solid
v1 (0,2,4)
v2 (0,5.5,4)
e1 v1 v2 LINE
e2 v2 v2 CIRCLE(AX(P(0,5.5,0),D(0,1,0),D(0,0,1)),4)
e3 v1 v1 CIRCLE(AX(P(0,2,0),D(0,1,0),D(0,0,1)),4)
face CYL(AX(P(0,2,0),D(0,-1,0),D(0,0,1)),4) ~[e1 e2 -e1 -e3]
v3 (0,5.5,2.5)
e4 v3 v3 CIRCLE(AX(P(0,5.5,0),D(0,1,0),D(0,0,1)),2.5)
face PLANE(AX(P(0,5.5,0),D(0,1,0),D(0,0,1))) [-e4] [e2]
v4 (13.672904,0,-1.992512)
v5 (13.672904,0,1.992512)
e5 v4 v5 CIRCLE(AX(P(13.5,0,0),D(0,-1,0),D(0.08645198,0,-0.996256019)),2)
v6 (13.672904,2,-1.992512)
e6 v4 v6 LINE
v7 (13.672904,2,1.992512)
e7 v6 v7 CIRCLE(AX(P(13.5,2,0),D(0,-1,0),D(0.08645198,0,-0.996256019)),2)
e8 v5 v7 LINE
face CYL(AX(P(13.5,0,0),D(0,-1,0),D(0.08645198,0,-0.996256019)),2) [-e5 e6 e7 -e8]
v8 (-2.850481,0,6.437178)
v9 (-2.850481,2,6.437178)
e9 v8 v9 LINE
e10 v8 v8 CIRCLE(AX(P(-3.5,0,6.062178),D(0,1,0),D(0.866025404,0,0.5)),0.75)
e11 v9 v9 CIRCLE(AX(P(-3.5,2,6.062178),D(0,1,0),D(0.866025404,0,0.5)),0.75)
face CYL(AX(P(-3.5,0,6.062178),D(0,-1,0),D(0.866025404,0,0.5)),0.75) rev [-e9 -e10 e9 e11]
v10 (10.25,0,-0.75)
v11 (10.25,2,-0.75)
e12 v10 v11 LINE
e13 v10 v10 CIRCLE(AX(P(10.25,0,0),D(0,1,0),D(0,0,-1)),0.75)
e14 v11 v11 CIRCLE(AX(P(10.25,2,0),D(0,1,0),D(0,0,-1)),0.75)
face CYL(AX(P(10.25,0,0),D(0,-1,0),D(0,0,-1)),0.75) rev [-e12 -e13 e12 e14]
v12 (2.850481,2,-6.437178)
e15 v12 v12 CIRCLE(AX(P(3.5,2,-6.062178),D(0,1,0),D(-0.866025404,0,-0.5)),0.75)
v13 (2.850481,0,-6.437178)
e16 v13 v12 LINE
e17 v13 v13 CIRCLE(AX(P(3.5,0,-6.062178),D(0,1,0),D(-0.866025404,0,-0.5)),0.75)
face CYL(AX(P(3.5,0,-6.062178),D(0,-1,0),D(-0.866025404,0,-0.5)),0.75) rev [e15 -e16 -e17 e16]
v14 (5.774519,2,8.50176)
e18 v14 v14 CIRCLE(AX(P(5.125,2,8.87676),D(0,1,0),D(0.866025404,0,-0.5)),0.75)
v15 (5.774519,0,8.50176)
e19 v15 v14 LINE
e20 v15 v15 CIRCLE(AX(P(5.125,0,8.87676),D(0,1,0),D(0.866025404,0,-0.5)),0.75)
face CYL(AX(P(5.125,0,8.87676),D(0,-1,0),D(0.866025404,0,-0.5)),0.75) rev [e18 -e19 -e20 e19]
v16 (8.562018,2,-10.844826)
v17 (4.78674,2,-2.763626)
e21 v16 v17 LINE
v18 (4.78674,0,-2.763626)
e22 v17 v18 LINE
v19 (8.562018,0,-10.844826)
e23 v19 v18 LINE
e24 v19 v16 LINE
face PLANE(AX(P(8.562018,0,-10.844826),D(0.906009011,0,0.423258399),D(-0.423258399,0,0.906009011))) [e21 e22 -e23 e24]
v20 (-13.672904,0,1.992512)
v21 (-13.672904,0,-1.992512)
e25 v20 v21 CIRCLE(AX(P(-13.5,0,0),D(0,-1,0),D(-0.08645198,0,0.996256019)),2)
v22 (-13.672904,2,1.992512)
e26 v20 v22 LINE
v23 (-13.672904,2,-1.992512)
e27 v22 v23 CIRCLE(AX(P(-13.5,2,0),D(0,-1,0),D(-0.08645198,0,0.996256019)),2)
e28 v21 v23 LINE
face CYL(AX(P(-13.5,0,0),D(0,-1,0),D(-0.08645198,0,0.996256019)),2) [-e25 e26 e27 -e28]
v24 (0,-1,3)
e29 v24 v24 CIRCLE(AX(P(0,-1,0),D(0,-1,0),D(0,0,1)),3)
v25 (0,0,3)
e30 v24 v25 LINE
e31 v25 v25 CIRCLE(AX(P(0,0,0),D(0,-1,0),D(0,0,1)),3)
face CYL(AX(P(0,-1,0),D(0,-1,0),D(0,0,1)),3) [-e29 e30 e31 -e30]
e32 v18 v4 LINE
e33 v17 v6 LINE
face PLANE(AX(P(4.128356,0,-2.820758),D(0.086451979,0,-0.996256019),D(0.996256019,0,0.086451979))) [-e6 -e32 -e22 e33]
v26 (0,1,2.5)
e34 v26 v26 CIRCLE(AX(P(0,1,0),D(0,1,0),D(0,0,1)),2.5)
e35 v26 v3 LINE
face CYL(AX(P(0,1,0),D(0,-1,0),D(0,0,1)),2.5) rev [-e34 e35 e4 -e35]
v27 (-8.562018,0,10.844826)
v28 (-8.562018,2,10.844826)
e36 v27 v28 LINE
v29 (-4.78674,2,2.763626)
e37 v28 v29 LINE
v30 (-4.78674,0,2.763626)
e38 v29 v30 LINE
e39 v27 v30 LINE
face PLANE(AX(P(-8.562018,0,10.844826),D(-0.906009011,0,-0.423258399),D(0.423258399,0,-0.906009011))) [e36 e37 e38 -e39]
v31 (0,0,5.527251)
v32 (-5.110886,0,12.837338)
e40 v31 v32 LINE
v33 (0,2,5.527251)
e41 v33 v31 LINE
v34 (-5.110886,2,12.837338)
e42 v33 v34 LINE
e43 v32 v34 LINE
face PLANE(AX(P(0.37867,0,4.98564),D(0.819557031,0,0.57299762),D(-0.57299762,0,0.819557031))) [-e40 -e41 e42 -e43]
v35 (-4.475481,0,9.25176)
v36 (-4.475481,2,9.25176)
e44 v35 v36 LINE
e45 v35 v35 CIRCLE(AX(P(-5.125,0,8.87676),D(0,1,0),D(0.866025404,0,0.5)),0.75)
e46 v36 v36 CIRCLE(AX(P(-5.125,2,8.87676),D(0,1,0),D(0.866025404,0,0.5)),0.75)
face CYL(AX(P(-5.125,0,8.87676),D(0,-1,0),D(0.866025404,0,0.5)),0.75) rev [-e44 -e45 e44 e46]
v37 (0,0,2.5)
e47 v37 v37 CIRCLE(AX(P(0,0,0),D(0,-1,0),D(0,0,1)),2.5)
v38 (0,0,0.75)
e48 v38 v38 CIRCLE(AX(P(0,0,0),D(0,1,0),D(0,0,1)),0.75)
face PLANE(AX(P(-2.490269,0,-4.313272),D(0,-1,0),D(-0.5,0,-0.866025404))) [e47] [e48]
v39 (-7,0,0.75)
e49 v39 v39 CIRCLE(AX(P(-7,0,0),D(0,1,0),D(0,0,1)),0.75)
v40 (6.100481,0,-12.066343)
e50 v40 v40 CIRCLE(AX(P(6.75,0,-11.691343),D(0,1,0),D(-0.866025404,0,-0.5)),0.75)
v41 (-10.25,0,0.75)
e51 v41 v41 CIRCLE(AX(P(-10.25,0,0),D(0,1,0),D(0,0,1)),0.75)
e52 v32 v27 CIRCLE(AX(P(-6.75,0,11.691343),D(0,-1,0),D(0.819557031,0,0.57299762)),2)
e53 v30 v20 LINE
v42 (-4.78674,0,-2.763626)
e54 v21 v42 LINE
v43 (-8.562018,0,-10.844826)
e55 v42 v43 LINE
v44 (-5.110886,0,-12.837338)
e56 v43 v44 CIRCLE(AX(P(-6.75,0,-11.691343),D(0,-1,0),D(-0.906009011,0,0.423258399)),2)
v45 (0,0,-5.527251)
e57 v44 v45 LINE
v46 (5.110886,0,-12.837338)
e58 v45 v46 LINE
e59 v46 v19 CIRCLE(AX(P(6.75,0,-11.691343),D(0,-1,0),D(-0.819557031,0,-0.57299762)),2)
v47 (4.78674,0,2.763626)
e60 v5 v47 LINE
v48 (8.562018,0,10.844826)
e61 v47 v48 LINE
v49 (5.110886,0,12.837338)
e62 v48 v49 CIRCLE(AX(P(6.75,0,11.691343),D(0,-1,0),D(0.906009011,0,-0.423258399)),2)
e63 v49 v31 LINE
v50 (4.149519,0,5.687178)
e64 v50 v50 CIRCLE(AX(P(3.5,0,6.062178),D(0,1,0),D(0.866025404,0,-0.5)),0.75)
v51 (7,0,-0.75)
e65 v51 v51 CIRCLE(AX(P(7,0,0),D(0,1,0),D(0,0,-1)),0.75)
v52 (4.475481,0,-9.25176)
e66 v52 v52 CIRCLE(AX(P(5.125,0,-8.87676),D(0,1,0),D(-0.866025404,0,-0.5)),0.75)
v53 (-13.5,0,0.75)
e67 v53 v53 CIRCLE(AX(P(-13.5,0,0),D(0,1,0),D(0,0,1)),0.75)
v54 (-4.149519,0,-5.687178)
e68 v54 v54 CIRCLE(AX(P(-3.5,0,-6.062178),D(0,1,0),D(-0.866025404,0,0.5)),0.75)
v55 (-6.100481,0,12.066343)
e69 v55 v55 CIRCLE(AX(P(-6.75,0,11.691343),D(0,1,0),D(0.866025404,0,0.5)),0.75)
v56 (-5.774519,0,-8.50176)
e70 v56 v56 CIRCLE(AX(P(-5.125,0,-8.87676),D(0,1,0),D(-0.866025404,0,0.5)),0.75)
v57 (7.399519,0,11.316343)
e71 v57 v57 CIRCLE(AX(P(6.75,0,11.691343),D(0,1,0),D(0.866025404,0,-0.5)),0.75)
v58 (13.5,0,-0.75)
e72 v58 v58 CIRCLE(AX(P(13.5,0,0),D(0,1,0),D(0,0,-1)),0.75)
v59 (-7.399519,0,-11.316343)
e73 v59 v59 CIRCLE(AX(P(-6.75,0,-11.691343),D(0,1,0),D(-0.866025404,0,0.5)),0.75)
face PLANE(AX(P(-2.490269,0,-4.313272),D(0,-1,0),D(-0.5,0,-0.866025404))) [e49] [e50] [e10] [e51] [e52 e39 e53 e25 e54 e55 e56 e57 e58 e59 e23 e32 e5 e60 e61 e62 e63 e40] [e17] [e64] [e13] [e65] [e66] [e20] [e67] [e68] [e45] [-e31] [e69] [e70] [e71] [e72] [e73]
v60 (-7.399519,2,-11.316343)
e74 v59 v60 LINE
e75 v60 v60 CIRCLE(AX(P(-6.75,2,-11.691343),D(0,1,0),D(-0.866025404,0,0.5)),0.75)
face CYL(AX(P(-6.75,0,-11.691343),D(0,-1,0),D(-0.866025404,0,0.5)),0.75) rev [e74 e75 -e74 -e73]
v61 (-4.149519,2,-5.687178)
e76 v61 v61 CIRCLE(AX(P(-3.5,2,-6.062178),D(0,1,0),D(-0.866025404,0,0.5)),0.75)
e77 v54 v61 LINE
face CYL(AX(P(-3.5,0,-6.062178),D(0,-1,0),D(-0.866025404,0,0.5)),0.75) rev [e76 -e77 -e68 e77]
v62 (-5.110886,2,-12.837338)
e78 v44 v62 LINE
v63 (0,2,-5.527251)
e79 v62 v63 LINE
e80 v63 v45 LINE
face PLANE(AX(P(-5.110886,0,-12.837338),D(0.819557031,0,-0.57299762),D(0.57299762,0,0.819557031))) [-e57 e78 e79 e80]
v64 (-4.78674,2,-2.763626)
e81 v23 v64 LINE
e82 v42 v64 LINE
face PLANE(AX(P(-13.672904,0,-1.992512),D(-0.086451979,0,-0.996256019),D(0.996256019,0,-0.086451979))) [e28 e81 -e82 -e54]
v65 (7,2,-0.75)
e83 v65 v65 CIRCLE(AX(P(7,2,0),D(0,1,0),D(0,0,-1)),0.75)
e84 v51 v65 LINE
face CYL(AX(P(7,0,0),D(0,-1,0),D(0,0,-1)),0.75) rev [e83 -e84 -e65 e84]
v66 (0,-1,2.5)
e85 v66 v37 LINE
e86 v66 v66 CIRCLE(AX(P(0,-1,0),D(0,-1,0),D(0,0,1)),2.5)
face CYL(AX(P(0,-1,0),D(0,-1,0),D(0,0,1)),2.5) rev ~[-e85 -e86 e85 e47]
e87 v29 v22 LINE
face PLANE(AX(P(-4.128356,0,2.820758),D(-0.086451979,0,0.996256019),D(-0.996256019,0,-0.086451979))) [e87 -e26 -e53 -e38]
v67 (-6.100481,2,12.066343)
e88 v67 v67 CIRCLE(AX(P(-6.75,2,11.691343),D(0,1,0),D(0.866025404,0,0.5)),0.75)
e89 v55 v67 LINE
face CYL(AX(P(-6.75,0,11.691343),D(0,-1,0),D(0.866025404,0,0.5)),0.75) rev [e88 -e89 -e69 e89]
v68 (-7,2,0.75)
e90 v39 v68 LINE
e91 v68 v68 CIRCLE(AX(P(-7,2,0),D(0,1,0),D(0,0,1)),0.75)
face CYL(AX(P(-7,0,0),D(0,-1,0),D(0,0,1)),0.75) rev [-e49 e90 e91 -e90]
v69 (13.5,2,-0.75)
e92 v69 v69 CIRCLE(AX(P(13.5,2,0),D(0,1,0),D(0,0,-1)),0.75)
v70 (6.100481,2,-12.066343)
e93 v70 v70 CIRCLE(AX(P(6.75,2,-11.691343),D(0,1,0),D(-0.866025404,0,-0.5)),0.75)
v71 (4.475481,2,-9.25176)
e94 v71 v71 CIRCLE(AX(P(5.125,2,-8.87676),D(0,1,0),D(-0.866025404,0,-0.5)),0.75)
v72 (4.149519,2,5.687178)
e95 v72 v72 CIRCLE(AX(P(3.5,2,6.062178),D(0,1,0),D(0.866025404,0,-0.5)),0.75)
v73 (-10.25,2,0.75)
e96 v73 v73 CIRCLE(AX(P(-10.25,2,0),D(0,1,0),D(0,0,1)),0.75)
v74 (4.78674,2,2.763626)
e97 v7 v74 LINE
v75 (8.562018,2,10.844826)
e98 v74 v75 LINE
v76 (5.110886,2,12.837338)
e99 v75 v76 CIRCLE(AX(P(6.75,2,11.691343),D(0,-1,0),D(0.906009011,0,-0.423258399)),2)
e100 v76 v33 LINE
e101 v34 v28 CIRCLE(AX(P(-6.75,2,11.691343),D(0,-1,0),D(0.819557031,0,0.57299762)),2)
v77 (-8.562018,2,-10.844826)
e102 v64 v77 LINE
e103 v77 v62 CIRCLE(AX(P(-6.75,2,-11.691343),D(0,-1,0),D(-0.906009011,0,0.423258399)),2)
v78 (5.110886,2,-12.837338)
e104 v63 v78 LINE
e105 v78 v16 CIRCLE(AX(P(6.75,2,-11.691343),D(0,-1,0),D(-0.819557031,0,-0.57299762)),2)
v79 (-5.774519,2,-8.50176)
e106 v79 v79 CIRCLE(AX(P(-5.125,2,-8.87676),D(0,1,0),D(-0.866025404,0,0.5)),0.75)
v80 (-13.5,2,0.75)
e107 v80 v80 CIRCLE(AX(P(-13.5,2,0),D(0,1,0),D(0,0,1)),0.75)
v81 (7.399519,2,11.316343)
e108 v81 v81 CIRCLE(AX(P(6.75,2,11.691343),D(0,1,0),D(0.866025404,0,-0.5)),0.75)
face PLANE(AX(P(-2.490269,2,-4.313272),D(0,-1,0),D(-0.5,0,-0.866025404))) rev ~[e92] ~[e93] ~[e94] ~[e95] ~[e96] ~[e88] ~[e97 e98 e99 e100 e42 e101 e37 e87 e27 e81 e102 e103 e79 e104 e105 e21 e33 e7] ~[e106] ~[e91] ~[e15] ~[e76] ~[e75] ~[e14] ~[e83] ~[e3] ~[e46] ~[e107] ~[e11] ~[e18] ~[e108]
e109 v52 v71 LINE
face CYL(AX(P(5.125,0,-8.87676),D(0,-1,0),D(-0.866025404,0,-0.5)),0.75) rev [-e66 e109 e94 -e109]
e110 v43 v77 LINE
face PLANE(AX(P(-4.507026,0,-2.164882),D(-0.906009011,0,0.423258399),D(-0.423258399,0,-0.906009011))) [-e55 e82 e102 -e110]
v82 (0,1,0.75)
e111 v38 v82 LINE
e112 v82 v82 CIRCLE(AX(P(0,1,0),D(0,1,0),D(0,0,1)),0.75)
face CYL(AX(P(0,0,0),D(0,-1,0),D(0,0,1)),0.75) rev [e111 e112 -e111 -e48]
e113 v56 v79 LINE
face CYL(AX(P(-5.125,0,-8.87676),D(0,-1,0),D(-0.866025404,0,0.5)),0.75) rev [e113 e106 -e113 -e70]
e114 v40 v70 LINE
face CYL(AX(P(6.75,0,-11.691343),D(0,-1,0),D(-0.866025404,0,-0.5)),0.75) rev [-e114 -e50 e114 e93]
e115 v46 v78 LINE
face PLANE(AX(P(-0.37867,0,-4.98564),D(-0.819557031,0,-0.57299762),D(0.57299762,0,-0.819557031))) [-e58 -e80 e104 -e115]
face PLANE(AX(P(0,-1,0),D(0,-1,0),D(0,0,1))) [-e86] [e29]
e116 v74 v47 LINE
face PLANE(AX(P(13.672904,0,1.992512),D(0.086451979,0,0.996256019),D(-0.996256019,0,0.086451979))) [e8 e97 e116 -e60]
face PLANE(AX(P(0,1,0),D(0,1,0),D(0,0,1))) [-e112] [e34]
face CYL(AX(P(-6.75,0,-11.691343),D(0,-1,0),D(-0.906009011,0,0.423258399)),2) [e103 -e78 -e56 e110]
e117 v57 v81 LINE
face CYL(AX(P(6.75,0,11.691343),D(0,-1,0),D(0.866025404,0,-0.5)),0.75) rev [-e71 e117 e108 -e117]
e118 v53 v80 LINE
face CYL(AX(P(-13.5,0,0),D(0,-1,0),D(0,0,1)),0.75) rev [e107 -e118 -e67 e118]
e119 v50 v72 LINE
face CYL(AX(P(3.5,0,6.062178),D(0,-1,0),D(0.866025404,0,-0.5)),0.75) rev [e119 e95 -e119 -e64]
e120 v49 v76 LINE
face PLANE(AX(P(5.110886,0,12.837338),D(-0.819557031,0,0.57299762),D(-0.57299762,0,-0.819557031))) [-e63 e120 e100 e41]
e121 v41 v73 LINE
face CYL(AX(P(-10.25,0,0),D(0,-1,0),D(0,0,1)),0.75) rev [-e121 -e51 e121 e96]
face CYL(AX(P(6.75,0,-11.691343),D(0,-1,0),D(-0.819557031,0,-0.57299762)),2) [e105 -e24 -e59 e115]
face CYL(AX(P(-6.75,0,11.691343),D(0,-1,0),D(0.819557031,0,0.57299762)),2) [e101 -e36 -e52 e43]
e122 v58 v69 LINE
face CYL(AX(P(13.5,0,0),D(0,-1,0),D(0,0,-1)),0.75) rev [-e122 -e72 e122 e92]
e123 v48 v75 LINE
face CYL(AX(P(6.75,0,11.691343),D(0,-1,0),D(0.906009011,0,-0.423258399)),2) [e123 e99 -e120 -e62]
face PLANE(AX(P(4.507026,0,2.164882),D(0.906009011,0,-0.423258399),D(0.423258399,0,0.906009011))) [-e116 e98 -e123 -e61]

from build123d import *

# Parameters (mm, degrees)
ESBO_O2_R                = 0.75
RESSALTO_EXTRUS_O1_DEPTH = 2
PADR_OCIRCULAR1_COUNT    = 6
ESBO_O3_R                = 4
ESBO_O3_R_2              = 2.5
RESSALTO_EXTRUS_O2_DEPTH = 3.5
CORTE_EXTRUS_O1_START    = -1
ESBO_O4_R                = 2.5
ESBO_O4_R_2              = 0.75
CORTE_EXTRUS_O1_DEPTH    = 1
RESSALTO_EXTRUS_O3_START = 1
ESBO_O5_R                = 3
ESBO_O5_R_2              = 2.5
RESSALTO_EXTRUS_O3_DEPTH = 1


with BuildPart() as part:
    # Esboço2 → Ressalto-extrusão1 (new body)
    with BuildSketch(Plane(origin=(0, 0, 0), x_dir=(1, 0, 0), z_dir=(0, 1, 0))):
        with BuildLine():
            Line((-13.672903959, 1.992512038), (-4.128356106, 2.82075803))
            ThreePointArc((-4.128356106, 2.82075803), (5, 0), (-4.128356106, -2.82075803))
            Line((-4.128356106, -2.82075803), (-13.672903959, -1.992512038))
            ThreePointArc((-13.672903959, -1.992512038), (-15.5, 0), (-13.672903959, 1.992512038))
        make_face()
        with Locations(Location((0, 0, 0), (0, 0, 270))):
            Circle(ESBO_O2_R, mode=Mode.SUBTRACT)
        with Locations(Location((-7, 0, 0), (0, 0, 270))):
            Circle(ESBO_O2_R, mode=Mode.SUBTRACT)
        with Locations(Location((-10.25, 0, 0), (0, 0, 270))):
            Circle(ESBO_O2_R, mode=Mode.SUBTRACT)
        with Locations(Location((-13.5, 0, 0), (0, 0, 270))):
            Circle(ESBO_O2_R, mode=Mode.SUBTRACT)
    ressalto_extrus_o1 = extrude(amount=RESSALTO_EXTRUS_O1_DEPTH)

    # PadrãoCircular1: Ressalto-extrusão1 ×6 about axis
    padr_ocircular1_axis = Axis((0, 0, 0), (0, 1, 0))
    for i in range(1, PADR_OCIRCULAR1_COUNT):
        add(ressalto_extrus_o1.rotate(padr_ocircular1_axis, i * 360 / PADR_OCIRCULAR1_COUNT))

    # Esboço3 → Ressalto-extrusão2 (add)
    with BuildSketch(Plane(origin=(0, 2, 0), x_dir=(1, 0, 0), z_dir=(0, 1, 0))):
        with Locations(Location((0, 0, 0), (0, 0, 270))):
            Circle(ESBO_O3_R)
        with Locations(Location((0, 0, 0), (0, 0, 270))):
            Circle(ESBO_O3_R_2, mode=Mode.SUBTRACT)
    extrude(amount=RESSALTO_EXTRUS_O2_DEPTH)

    # Esboço4 → Corte-extrusão1 (cut)
    with BuildSketch(Plane(origin=(0, 2, 0), x_dir=(1, 0, 0), z_dir=(0, 1, 0)).offset(CORTE_EXTRUS_O1_START)):
        with Locations(Location((0, 0, 0), (0, 0, 270))):
            Circle(ESBO_O4_R)
        with Locations(Location((0, 0, 0), (0, 0, 270))):
            Circle(ESBO_O4_R_2, mode=Mode.SUBTRACT)
    extrude(amount=CORTE_EXTRUS_O1_DEPTH, mode=Mode.SUBTRACT)

    # Esboço5 → Ressalto-extrusão3 (add)
    with BuildSketch(Plane.XZ.offset(RESSALTO_EXTRUS_O3_START)):
        with Locations(Location((0, 0, 0), (0, 0, 90))):
            Circle(ESBO_O5_R)
        with Locations(Location((0, 0, 0), (0, 0, 90))):
            Circle(ESBO_O5_R_2, mode=Mode.SUBTRACT)
    extrude(amount=-RESSALTO_EXTRUS_O3_DEPTH)


solid = part.part
